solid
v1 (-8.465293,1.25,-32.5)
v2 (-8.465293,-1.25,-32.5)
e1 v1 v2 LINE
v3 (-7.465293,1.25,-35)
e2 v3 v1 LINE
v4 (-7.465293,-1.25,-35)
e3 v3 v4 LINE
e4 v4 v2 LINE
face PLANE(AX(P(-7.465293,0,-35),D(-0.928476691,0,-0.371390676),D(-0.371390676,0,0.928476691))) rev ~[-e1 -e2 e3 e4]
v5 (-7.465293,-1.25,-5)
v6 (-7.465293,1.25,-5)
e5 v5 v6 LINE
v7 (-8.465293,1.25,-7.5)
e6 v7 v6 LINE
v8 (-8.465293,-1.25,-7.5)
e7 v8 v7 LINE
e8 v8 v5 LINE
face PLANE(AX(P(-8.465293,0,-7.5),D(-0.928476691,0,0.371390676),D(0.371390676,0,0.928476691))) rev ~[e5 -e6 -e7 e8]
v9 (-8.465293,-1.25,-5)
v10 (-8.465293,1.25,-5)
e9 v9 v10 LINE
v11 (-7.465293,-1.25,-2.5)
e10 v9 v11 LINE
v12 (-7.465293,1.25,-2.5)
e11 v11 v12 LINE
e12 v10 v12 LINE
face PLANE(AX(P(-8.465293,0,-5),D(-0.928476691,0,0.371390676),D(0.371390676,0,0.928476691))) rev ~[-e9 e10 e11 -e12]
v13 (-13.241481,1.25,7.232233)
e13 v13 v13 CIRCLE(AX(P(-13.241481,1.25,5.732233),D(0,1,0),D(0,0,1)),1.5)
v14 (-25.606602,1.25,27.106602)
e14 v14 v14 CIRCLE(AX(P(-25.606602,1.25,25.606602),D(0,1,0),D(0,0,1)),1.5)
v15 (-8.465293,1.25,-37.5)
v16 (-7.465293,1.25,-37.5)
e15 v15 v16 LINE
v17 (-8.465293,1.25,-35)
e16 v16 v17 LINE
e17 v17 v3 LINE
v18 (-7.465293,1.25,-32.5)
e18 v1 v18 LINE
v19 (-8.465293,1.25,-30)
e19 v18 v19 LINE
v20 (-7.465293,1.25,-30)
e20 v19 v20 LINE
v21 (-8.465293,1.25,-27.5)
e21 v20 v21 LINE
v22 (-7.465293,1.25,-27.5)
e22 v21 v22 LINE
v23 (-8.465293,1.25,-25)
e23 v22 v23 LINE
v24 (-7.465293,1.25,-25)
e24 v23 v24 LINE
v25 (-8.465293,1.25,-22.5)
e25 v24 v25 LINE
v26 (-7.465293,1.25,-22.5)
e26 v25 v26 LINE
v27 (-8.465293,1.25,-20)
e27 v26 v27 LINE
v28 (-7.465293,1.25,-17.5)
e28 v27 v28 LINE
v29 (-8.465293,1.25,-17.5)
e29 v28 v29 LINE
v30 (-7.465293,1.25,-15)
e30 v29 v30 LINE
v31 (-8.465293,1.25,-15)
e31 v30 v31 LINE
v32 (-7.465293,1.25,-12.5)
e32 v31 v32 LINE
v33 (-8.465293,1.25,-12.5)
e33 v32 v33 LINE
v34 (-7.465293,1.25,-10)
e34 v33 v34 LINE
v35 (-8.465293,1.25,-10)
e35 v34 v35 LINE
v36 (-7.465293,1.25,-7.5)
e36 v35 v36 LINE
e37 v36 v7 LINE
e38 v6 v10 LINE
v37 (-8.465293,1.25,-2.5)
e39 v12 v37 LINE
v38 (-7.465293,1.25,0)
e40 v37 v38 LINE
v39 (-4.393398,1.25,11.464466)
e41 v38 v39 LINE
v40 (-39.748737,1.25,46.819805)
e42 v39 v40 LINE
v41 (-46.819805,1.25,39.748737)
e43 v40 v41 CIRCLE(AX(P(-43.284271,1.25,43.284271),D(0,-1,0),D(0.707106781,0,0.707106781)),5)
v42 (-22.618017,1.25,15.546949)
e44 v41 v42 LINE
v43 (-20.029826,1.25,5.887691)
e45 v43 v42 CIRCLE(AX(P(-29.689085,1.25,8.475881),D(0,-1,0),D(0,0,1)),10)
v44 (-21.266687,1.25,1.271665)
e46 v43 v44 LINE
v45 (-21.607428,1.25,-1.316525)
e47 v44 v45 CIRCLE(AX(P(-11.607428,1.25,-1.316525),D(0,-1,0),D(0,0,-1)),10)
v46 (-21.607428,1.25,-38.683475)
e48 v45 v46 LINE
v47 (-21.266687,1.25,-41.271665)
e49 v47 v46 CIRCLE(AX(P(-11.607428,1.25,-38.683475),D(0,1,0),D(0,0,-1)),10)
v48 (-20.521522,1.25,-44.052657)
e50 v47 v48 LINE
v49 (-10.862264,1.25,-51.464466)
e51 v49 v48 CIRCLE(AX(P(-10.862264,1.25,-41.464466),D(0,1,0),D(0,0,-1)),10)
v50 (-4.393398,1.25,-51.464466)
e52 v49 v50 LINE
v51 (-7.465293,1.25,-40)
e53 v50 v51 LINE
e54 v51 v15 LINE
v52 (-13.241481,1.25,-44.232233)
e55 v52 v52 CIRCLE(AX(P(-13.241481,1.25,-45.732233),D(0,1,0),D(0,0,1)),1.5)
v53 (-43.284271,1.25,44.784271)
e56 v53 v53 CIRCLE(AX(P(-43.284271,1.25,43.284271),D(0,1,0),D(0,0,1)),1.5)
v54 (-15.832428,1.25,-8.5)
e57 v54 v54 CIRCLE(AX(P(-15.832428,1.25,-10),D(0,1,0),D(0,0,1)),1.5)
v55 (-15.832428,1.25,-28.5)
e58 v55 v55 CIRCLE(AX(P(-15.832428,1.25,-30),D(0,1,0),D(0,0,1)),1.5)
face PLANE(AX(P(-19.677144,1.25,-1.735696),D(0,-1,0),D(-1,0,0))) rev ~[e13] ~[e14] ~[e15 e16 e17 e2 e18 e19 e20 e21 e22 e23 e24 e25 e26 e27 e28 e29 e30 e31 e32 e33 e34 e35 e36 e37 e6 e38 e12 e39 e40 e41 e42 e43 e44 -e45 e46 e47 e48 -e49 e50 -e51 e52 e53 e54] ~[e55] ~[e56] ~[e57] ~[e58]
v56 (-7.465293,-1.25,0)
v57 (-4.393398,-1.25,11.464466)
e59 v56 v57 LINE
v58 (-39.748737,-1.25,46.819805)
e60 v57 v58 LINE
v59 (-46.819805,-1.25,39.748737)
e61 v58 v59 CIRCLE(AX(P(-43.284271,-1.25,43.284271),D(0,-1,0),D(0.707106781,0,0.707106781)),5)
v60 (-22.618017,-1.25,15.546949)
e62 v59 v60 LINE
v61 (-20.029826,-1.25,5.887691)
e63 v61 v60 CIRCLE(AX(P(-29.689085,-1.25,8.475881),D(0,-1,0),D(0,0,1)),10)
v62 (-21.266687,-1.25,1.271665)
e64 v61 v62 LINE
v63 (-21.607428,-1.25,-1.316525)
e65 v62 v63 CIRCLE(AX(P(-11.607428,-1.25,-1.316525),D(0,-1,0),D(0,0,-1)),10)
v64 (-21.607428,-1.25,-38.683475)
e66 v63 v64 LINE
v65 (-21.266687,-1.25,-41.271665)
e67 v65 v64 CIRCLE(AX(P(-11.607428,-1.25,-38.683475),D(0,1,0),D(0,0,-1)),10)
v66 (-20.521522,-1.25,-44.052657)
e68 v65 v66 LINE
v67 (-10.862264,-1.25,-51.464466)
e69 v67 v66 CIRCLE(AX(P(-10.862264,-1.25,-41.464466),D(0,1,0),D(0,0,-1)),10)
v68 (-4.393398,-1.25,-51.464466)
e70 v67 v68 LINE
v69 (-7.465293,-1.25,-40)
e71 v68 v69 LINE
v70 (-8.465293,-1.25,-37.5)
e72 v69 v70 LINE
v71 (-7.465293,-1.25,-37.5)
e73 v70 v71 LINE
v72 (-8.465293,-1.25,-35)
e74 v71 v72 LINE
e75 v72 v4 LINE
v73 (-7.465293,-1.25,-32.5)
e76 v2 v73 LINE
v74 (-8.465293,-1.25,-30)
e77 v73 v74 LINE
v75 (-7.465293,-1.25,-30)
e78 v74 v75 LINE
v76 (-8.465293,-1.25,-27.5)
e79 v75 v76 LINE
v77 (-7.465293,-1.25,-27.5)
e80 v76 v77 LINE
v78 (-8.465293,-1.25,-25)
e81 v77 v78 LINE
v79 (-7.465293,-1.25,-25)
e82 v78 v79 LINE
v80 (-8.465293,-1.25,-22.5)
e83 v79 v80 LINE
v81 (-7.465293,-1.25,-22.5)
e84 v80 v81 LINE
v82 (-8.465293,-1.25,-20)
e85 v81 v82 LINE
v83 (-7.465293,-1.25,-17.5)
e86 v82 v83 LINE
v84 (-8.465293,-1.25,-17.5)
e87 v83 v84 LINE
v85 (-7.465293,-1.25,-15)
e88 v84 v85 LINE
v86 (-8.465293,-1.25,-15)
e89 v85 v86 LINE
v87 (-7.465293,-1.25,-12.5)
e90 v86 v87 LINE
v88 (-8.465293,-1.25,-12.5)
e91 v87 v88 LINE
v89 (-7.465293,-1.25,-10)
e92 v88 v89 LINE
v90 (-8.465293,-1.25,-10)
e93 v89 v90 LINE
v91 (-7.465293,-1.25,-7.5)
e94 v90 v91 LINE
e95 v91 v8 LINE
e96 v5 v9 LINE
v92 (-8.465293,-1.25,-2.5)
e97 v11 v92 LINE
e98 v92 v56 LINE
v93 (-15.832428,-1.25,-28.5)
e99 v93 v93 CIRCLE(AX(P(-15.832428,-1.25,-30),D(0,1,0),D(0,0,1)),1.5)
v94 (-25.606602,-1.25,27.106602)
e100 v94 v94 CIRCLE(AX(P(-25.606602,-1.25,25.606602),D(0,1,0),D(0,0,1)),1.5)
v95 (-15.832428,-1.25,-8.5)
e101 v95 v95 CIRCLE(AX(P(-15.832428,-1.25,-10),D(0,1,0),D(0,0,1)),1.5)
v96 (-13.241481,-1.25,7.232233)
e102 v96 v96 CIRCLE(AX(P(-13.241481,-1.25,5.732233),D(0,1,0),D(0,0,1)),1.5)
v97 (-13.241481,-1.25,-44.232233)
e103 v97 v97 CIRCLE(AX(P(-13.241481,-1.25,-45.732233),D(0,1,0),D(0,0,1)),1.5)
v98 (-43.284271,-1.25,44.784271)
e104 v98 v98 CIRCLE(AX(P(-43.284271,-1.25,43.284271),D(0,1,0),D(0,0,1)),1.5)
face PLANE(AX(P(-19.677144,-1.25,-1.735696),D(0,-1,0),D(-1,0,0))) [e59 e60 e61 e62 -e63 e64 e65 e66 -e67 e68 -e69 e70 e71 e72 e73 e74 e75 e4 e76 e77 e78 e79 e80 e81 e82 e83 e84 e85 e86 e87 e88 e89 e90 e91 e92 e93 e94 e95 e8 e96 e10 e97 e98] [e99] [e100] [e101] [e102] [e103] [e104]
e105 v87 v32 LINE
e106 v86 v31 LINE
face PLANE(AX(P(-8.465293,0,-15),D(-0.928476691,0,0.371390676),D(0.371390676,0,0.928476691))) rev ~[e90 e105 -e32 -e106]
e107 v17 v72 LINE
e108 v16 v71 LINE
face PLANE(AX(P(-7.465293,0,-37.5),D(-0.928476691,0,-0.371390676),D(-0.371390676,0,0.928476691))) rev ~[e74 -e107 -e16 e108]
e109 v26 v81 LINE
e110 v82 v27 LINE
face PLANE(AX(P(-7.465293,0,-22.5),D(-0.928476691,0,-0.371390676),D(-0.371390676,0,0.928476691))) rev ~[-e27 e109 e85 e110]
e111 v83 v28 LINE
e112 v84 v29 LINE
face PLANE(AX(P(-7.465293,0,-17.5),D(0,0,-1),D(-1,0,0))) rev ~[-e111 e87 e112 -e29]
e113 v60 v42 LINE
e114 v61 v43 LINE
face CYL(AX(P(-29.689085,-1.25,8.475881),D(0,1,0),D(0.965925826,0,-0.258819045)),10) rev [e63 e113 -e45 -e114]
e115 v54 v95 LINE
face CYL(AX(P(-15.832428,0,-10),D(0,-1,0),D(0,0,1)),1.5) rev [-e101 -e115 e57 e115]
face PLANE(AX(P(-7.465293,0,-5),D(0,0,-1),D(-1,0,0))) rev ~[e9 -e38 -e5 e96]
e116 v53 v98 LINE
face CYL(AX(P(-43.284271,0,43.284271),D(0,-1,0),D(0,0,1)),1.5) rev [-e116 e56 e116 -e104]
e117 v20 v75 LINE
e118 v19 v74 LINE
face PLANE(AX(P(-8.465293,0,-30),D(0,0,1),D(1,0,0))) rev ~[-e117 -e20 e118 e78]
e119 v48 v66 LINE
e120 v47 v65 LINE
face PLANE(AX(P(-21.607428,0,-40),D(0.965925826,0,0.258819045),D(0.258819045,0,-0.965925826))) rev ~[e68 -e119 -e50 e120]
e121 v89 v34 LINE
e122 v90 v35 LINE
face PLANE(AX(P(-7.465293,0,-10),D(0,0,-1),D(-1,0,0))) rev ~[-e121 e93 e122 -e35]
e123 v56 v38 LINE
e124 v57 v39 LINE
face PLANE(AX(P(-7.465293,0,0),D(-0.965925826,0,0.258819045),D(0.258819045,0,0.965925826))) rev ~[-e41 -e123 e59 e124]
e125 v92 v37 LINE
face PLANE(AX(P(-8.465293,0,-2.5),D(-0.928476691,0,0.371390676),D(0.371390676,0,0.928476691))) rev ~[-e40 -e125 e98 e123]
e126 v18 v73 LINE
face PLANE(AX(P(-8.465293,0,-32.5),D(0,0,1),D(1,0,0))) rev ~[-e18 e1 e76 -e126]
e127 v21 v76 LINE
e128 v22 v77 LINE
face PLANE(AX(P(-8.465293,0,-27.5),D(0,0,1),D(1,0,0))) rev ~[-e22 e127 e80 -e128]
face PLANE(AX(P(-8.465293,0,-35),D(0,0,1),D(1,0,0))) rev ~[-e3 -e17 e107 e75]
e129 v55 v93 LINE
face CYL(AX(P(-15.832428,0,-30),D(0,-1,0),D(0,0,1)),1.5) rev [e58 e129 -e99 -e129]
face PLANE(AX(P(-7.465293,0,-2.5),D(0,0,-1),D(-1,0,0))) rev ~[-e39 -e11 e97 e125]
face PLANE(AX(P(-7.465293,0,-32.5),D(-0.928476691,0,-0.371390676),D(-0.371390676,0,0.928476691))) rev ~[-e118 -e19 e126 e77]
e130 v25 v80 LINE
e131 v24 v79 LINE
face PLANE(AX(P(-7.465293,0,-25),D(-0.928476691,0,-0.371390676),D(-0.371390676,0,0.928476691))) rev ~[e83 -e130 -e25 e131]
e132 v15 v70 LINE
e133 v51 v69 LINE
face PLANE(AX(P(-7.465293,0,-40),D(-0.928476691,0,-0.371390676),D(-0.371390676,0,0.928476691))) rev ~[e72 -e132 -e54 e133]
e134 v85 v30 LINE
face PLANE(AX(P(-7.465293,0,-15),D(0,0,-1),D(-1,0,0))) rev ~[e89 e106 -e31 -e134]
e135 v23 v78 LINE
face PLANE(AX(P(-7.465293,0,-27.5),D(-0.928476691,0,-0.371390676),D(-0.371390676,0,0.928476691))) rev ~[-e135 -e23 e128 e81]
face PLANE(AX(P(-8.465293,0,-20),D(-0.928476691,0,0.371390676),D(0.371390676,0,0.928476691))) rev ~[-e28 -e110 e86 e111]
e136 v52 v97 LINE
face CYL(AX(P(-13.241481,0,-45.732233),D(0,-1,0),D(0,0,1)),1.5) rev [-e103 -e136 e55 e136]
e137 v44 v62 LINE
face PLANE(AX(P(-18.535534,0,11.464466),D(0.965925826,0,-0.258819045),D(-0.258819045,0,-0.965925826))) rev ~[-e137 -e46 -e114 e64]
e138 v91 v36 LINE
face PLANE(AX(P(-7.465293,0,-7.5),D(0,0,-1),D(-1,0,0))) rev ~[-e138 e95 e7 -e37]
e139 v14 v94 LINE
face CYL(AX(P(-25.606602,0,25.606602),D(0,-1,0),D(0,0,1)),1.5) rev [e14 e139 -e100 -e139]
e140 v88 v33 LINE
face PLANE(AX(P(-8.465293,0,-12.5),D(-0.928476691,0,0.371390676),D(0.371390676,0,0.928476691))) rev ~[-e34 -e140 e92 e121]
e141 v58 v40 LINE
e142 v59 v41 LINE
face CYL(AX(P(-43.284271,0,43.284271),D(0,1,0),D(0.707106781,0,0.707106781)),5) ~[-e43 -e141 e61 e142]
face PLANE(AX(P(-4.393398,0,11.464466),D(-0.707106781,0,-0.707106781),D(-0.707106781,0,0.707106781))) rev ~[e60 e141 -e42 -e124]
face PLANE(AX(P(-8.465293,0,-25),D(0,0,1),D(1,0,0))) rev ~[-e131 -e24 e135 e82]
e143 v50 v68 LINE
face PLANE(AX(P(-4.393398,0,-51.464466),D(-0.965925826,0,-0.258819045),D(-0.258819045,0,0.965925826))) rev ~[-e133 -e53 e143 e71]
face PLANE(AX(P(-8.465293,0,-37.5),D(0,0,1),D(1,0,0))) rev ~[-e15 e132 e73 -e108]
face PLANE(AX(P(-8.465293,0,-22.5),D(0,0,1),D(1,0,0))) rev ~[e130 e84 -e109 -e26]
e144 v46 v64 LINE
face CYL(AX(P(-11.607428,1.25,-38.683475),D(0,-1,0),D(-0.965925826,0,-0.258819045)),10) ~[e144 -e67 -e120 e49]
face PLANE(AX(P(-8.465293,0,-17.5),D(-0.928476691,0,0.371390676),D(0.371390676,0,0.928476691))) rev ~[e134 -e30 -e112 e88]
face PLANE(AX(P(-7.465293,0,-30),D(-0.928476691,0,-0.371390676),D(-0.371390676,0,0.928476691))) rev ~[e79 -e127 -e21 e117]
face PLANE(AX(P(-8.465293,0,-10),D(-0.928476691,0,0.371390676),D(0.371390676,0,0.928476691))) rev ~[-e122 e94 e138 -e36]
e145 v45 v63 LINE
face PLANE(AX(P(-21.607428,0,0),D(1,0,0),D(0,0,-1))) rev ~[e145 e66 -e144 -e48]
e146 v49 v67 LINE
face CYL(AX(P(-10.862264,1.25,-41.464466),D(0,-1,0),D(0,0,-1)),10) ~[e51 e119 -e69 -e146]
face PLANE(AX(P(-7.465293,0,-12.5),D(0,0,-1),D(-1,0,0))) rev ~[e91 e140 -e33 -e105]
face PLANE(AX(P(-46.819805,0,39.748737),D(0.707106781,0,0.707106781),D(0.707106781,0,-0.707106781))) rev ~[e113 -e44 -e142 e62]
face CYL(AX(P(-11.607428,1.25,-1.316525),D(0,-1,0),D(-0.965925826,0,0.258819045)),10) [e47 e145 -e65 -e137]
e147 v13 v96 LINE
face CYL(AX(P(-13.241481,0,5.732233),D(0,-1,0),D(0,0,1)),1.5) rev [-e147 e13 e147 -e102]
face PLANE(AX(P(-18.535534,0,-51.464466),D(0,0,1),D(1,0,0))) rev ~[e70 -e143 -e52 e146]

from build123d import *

# Parameters (mm, degrees)
SKETCH1_R           = 1.5
BOSS_EXTRUDE1_DEPTH = 1.25
FILLET2_R           = 10


with BuildPart() as part:
    # Sketch1 → Boss-Extrude1 (new, symmetric)
    with BuildSketch(Plane(origin=(0, 0, 0), x_dir=(1, 0, 0), z_dir=(0, 1, 0))):
        with BuildLine():
            Line((-39.748737342, -46.819805153), (-4.393398282, -11.464466094))
            Line((-4.393398282, -11.464466094), (-7.465292714, 0))
            Line((-7.465292714, 0), (-8.465292714, 2.5))
            Line((-8.465292714, 2.5), (-7.465292714, 2.5))
            Line((-7.465292714, 2.5), (-8.465292714, 5))
            Line((-8.465292714, 5), (-7.465292714, 5))
            Line((-7.465292714, 5), (-8.465292714, 7.5))
            Line((-8.465292714, 7.5), (-7.465292714, 7.5))
            Line((-7.465292714, 7.5), (-8.465292714, 10))
            Line((-8.465292714, 10), (-7.465292714, 10))
            Line((-7.465292714, 10), (-8.465292714, 12.5))
            Line((-8.465292714, 12.5), (-7.465292714, 12.5))
            Line((-7.465292714, 12.5), (-8.465292714, 15))
            Line((-8.465292714, 15), (-7.465292714, 15))
            Line((-7.465292714, 15), (-8.465292714, 17.5))
            Line((-8.465292714, 17.5), (-7.465292714, 17.5))
            Line((-7.465292714, 17.5), (-8.465292714, 20))
            Line((-8.465292714, 20), (-7.465292714, 22.5))
            Line((-7.465292714, 22.5), (-8.465292714, 22.5))
            Line((-8.465292714, 22.5), (-7.465292714, 25))
            Line((-7.465292714, 25), (-8.465292714, 25))
            Line((-8.465292714, 25), (-7.465292714, 27.5))
            Line((-7.465292714, 27.5), (-8.465292714, 27.5))
            Line((-8.465292714, 27.5), (-7.465292714, 30))
            Line((-7.465292714, 30), (-8.465292714, 30))
            Line((-8.465292714, 30), (-7.465292714, 32.5))
            Line((-7.465292714, 32.5), (-8.465292714, 32.5))
            Line((-8.465292714, 32.5), (-7.465292714, 35))
            Line((-7.465292714, 35), (-8.465292714, 35))
            Line((-8.465292714, 35), (-7.465292714, 37.5))
            Line((-7.465292714, 37.5), (-8.465292714, 37.5))
            Line((-8.465292714, 37.5), (-7.465292714, 40))
            Line((-7.465292714, 40), (-4.393398282, 51.464466094))
            Line((-4.393398282, 51.464466094), (-18.535533906, 51.464466094))
            Line((-18.535533906, 51.464466094), (-21.607428337, 40))
            Line((-21.607428337, 40), (-21.607428337, 0))
            Line((-21.607428337, 0), (-18.535533906, -11.464466094))
            Line((-18.535533906, -11.464466094), (-46.819805153, -39.748737342))
            ThreePointArc((-46.819805153, -39.748737342), (-46.819805153, -46.819805153), (-39.748737342, -46.819805153))
        make_face()
        with Locations((-43.284271247, -43.284271247)):
            Circle(SKETCH1_R, mode=Mode.SUBTRACT)
        with Locations((-25.606601718, -25.606601718)):
            Circle(SKETCH1_R, mode=Mode.SUBTRACT)
        with Locations((-13.241481122, 45.732233047)):
            Circle(SKETCH1_R, mode=Mode.SUBTRACT)
        with Locations((-13.241481122, -5.732233047)):
            Circle(SKETCH1_R, mode=Mode.SUBTRACT)
        with Locations((-15.832428337, 10)):
            Circle(SKETCH1_R, mode=Mode.SUBTRACT)
        with Locations((-15.832428337, 30)):
            Circle(SKETCH1_R, mode=Mode.SUBTRACT)
    extrude(amount=BOSS_EXTRUDE1_DEPTH, both=True)

    # Fillet2
    fillet2_edges = [part.edges().sort_by_distance(p)[0] for p in [
        (-18.535533906, 0, 11.464466094),
        (-21.607428337, 0, 0),
        (-21.607428337, 0, -40),
        (-18.535533906, 0, -51.464466094),
    ]]
    fillet(fillet2_edges, radius=FILLET2_R)


solid = part.part
